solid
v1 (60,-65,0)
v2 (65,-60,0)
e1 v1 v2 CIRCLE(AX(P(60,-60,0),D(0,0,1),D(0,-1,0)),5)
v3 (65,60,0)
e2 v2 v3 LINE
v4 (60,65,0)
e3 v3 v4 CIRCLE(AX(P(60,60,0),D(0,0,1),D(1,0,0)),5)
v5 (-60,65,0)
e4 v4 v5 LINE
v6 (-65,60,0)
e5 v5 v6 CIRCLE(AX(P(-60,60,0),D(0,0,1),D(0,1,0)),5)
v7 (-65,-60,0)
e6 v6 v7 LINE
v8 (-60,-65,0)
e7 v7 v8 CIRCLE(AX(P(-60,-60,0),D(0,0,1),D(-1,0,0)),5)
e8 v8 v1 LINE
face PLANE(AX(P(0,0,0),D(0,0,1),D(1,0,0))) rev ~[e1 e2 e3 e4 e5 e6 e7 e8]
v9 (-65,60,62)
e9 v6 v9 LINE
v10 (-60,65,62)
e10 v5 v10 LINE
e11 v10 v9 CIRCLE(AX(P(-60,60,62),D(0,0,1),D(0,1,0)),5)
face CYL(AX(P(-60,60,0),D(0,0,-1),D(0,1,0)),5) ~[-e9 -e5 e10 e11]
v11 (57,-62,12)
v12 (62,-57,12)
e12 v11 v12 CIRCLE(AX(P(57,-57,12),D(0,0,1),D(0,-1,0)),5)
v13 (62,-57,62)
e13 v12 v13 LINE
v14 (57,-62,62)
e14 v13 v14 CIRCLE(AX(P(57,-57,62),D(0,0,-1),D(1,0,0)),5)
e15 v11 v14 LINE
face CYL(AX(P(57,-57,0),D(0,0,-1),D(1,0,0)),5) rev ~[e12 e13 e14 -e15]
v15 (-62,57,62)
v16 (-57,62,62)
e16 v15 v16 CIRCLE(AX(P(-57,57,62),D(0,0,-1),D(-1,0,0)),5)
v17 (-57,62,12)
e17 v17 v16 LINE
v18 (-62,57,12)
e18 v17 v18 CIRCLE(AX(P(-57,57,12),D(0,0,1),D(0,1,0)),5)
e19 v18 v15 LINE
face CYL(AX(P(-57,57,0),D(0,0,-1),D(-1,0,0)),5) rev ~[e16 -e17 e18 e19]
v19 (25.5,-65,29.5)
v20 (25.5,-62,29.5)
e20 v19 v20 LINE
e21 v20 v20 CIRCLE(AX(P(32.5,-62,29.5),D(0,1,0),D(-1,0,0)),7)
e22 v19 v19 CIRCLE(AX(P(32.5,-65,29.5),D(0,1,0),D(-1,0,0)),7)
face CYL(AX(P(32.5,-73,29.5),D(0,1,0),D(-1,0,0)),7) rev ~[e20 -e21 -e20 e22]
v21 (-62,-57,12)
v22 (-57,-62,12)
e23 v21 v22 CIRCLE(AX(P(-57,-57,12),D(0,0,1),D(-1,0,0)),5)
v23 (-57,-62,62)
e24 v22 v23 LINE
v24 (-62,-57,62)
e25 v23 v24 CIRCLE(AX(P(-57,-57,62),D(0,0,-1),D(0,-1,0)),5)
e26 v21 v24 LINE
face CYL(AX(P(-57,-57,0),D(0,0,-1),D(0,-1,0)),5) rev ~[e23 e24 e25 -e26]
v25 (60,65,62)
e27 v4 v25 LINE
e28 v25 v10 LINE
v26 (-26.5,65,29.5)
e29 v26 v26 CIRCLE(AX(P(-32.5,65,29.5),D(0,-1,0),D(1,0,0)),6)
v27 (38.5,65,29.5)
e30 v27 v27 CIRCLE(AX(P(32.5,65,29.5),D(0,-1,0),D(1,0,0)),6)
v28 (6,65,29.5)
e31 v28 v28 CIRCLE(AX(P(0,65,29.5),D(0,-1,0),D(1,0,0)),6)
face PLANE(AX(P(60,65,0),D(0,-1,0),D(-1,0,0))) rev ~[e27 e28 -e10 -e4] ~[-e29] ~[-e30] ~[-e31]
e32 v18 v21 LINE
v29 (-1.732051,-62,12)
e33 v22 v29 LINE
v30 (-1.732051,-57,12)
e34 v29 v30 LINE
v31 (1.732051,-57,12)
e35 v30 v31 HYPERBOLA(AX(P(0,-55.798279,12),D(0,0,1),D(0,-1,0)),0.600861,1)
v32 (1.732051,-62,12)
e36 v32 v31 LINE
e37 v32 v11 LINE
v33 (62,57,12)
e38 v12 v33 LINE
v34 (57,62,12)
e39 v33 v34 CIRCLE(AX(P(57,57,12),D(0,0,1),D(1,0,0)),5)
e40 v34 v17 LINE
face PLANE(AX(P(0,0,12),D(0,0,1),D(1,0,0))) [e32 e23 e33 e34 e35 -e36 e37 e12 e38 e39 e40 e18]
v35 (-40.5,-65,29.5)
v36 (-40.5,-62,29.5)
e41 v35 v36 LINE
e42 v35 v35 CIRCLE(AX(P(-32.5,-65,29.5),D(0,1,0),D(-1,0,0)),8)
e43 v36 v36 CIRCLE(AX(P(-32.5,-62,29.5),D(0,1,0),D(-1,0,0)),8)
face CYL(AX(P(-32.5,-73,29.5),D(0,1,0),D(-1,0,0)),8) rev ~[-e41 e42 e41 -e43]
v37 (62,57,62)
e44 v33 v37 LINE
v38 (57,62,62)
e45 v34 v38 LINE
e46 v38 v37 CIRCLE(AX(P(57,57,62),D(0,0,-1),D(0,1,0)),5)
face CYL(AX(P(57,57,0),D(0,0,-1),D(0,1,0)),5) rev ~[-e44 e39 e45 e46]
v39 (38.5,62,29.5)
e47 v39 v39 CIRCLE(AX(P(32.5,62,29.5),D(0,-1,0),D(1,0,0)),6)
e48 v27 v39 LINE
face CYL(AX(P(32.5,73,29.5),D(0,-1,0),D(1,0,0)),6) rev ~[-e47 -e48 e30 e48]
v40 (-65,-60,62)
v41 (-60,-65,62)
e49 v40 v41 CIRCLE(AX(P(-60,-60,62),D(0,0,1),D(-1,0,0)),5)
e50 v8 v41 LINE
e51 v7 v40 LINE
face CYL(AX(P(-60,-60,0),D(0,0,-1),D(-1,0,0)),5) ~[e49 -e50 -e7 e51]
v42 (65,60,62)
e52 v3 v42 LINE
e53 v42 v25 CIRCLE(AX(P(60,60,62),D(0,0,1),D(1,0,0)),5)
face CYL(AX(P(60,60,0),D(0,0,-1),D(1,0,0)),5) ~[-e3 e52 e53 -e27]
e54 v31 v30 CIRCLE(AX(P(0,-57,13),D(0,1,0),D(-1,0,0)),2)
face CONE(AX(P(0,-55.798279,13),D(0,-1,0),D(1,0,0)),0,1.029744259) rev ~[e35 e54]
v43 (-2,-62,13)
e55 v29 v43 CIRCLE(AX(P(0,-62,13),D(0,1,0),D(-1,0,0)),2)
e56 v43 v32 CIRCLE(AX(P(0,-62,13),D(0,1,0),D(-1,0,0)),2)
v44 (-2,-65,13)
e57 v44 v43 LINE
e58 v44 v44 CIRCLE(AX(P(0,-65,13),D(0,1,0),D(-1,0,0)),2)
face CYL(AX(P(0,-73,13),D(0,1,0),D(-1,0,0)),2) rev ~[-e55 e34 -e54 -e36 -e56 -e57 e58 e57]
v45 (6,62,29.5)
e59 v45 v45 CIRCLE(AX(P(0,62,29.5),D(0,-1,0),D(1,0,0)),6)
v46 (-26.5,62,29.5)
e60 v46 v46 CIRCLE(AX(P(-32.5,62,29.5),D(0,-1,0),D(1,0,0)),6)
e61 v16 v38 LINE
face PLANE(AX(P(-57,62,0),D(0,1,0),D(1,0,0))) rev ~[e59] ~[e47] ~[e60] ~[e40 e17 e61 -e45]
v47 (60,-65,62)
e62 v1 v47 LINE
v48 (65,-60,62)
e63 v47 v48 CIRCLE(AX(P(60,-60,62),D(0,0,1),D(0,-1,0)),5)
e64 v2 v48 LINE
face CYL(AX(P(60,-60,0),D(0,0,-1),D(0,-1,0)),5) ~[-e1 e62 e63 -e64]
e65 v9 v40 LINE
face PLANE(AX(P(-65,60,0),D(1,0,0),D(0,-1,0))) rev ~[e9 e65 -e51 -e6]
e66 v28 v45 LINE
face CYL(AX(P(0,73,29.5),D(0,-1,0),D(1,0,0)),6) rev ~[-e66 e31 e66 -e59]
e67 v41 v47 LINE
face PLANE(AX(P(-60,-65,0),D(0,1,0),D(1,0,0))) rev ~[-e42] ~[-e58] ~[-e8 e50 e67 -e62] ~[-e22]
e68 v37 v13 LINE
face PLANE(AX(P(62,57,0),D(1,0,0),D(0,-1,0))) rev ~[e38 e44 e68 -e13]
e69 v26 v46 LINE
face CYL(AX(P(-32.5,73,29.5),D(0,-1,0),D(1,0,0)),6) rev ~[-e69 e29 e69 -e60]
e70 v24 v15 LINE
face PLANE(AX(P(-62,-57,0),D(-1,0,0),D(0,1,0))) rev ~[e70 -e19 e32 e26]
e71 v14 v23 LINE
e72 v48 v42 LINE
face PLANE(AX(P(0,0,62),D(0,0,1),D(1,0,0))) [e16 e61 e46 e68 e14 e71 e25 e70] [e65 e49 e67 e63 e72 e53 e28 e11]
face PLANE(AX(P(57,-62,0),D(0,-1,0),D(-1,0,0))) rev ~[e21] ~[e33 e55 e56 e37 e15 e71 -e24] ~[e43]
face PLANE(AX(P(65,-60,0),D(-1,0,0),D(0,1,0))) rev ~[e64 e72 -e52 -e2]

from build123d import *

# Parameters (mm, degrees)
F1_DEPTH = 62
F2_DEPTH = 12
F4_D     = 12
F4_DEPTH = 8
F4_TIP   = 3.6051637142
F6_D     = 16
F6_DEPTH = 8
F6_TIP   = 4.8068849522
F7_D     = 4
F7_DEPTH = 8
F7_TIP   = 1.2017212381
F8_D     = 14
F8_DEPTH = 8
F8_TIP   = 4.2060243332


with BuildPart() as f1:
    # F0 (on Top) → F1 (new body)
    with BuildSketch(Plane.XY):
        with BuildLine():
            ThreePointArc((65, 60), (63.5355339059, 63.5355339059), (60, 65))
            Line((60, 65), (-60, 65))
            ThreePointArc((-60, 65), (-63.5355339059, 63.5355339059), (-65, 60))
            Line((-65, 60), (-65, -60))
            ThreePointArc((-65, -60), (-63.5355339059, -63.5355339059), (-60, -65))
            Line((-60, -65), (60, -65))
            ThreePointArc((60, -65), (63.5355339059, -63.5355339059), (65, -60))
            Line((65, -60), (65, 60))
        make_face()
        with BuildLine():
            Line((-57, 62), (57, 62))
            ThreePointArc((57, 62), (60.5355339059, 60.5355339059), (62, 57))
            Line((62, 57), (62, -57))
            ThreePointArc((62, -57), (60.5355339059, -60.5355339059), (57, -62))
            Line((57, -62), (-57, -62))
            ThreePointArc((-57, -62), (-60.5355339059, -60.5355339059), (-62, -57))
            Line((-62, -57), (-62, 57))
            ThreePointArc((-62, 57), (-60.5355339059, 60.5355339059), (-57, 62))
        make_face(mode=Mode.SUBTRACT)
    extrude(amount=F1_DEPTH)

    # F0 (on Top) → F2 (join)
    with BuildSketch(Plane.XY):
        with BuildLine():
            ThreePointArc((62, 57), (60.5355339059, 60.5355339059), (57, 62))
            Line((57, 62), (-57, 62))
            ThreePointArc((-57, 62), (-60.5355339059, 60.5355339059), (-62, 57))
            Line((-62, 57), (-62, -57))
            ThreePointArc((-62, -57), (-60.5355339059, -60.5355339059), (-57, -62))
            Line((-57, -62), (57, -62))
            ThreePointArc((57, -62), (60.5355339059, -60.5355339059), (62, -57))
            Line((62, -57), (62, 57))
        make_face()
    extrude(amount=F2_DEPTH)

    # F4
    with Locations(Plane(origin=(0, 65, 0), x_dir=(-1, 0, 0), z_dir=(0, 1, 0))):
        with Locations((-32.5, 29.5), (0, 29.5), (32.5, 29.5)):
            Hole(F4_D / 2, depth=F4_DEPTH)
            with Locations((0, 0, -(F4_DEPTH + F4_TIP / 2))):  # 118° drill point
                Cone(0, F4_D / 2, F4_TIP, mode=Mode.SUBTRACT)

    # F6
    with Locations(Plane.XZ.offset(65)):
        with Locations((-32.5, 29.5)):
            Hole(F6_D / 2, depth=F6_DEPTH)
            with Locations((0, 0, -(F6_DEPTH + F6_TIP / 2))):  # 118° drill point
                Cone(0, F6_D / 2, F6_TIP, mode=Mode.SUBTRACT)

    # F7
    with Locations(Plane.XZ.offset(65)):
        with Locations((0, 13)):
            Hole(F7_D / 2, depth=F7_DEPTH)
            with Locations((0, 0, -(F7_DEPTH + F7_TIP / 2))):  # 118° drill point
                Cone(0, F7_D / 2, F7_TIP, mode=Mode.SUBTRACT)

    # F8
    with Locations(Plane.XZ.offset(65)):
        with Locations((32.5, 29.5)):
            Hole(F8_D / 2, depth=F8_DEPTH)
            with Locations((0, 0, -(F8_DEPTH + F8_TIP / 2))):  # 118° drill point
                Cone(0, F8_D / 2, F8_TIP, mode=Mode.SUBTRACT)


solid = f1.part
